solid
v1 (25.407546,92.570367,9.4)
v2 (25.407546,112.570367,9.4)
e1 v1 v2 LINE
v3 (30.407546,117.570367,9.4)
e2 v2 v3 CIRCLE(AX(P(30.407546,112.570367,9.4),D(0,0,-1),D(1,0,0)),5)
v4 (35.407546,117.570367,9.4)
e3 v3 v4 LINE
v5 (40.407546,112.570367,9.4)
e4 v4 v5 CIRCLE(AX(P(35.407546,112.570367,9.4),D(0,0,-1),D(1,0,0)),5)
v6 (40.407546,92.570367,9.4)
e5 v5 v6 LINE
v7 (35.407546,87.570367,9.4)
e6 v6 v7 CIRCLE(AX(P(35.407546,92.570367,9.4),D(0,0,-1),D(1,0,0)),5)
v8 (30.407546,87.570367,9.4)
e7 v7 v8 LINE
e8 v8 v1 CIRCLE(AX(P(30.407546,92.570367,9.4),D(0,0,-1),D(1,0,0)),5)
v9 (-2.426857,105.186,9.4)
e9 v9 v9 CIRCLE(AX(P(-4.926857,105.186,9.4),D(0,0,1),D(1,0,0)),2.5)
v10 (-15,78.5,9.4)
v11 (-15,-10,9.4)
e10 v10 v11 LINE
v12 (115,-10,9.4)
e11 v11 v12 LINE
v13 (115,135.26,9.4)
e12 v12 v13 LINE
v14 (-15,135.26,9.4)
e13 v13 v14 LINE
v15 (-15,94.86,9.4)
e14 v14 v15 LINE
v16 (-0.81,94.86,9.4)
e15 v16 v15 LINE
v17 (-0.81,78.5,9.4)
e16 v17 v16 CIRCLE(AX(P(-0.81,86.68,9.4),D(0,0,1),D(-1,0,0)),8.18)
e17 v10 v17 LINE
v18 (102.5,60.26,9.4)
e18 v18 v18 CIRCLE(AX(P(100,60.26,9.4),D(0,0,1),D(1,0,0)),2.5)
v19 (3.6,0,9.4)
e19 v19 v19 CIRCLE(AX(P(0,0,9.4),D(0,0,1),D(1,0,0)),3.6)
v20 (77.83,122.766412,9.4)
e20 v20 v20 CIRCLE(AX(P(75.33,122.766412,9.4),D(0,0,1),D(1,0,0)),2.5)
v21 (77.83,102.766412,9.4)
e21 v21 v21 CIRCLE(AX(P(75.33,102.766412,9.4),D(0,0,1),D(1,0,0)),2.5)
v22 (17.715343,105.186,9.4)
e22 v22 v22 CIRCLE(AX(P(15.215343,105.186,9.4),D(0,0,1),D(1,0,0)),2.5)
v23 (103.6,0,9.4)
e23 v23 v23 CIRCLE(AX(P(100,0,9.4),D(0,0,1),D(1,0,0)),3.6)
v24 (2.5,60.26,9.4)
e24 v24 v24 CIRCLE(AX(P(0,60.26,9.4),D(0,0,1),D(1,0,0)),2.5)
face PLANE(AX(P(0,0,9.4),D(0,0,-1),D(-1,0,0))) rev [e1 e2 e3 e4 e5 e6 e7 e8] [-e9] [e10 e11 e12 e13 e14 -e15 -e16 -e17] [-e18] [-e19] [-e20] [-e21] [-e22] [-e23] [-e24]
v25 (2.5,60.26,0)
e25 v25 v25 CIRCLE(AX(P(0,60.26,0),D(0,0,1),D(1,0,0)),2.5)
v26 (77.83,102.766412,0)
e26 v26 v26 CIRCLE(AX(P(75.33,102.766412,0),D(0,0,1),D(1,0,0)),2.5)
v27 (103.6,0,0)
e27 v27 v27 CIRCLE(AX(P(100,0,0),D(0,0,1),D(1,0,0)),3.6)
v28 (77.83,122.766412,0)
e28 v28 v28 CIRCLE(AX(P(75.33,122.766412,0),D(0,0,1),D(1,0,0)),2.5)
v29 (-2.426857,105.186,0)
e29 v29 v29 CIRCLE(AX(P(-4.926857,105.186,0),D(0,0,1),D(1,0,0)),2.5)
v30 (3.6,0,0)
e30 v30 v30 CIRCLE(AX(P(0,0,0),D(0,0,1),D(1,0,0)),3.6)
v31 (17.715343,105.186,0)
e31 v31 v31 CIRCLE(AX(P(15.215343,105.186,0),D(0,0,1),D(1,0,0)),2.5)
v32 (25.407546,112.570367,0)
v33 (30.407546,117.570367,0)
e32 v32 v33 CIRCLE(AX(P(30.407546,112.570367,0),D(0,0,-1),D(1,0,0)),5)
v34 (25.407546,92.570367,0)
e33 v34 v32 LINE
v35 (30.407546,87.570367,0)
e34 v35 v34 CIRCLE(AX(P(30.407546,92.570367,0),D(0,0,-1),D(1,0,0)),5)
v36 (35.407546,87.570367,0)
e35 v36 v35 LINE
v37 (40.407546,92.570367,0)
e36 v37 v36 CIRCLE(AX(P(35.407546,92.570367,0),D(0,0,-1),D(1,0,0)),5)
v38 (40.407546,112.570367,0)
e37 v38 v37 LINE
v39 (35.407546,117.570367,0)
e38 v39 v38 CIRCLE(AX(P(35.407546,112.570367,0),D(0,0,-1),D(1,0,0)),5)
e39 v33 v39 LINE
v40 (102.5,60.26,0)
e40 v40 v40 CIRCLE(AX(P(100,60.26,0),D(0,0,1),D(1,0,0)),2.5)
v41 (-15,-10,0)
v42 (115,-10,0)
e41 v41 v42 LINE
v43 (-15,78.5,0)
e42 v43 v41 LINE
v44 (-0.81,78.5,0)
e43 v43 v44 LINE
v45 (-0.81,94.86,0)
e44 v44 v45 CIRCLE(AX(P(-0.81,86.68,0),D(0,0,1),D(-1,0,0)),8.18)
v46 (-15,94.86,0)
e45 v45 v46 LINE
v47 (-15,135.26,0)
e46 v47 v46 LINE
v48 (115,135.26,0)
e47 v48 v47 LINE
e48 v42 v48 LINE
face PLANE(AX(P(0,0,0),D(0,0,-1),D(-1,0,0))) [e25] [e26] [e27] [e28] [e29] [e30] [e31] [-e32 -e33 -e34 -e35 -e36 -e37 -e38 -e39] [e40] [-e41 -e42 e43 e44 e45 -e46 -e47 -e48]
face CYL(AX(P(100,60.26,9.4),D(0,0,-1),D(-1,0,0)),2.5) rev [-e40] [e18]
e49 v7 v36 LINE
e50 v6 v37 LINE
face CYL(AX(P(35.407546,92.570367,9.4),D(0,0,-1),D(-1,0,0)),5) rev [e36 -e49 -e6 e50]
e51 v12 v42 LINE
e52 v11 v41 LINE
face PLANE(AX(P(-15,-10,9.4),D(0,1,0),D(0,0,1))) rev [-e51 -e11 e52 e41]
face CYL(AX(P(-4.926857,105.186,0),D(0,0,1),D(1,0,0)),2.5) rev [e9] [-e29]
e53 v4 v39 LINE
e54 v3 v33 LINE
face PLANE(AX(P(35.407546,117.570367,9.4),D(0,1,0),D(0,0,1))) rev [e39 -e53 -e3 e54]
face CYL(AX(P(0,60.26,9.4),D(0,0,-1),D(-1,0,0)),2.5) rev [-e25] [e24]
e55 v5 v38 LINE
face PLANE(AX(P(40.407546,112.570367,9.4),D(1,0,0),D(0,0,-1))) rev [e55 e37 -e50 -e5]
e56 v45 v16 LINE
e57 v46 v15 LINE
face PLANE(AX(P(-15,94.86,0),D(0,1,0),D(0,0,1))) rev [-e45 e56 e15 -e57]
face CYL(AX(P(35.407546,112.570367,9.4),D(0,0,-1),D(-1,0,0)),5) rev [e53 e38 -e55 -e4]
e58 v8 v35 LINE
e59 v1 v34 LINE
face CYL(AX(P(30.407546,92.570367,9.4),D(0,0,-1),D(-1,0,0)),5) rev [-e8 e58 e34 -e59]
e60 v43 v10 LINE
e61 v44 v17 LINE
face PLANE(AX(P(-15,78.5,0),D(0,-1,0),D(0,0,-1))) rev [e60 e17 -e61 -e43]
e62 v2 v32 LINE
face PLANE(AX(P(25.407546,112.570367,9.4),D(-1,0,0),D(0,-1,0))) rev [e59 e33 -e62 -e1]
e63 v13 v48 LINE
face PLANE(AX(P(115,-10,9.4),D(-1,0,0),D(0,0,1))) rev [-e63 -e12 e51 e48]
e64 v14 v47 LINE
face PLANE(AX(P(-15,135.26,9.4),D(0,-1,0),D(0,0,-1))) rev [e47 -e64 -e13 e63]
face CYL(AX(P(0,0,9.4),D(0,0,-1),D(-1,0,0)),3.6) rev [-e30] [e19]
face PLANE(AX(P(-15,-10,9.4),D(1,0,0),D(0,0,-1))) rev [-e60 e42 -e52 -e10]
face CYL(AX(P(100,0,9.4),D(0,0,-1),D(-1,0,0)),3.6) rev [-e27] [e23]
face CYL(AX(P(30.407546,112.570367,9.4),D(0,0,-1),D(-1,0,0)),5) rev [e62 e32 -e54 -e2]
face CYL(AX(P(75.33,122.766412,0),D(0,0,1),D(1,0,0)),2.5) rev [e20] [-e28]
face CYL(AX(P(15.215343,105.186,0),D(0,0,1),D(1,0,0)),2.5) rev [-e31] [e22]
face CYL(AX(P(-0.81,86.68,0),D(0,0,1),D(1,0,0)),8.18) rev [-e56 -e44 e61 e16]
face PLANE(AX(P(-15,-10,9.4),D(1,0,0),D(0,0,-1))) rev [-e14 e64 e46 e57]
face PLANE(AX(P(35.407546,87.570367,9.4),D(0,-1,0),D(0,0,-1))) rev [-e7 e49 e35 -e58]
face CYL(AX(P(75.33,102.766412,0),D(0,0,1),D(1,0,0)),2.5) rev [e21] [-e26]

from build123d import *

# Parameters (mm, degrees)
SKETCH1_W           = 130
SKETCH1_H           = 145.26
SKETCH1_R           = 3.6
SKETCH1_R_2         = 2.5
BOSS_EXTRUDE1_DEPTH = 9.4
SKETCH2_R           = 2.5
CUT_EXTRUDE1_DEPTH  = 10.4
CUT_EXTRUDE2_DEPTH  = 10.4
CUT_EXTRUDE3_DEPTH  = 10.4
SKETCH5_R           = 2.5
CUT_EXTRUDE4_DEPTH  = 10.4


with BuildPart() as part:
    # Sketch1 → Boss-Extrude1 (new body)
    with BuildSketch(Plane.XY):
        with Locations((50, 62.63)):
            Rectangle(SKETCH1_W, SKETCH1_H)
        Circle(SKETCH1_R, mode=Mode.SUBTRACT)
        with Locations((0, 60.26)):
            Circle(SKETCH1_R_2, mode=Mode.SUBTRACT)
        with Locations((100, 60.26)):
            Circle(SKETCH1_R_2, mode=Mode.SUBTRACT)
        with Locations((100, 0)):
            Circle(SKETCH1_R, mode=Mode.SUBTRACT)
    extrude(amount=BOSS_EXTRUDE1_DEPTH)

    # Sketch2 → Cut-Extrude1 (cut, through all)
    with BuildSketch(Plane.XY.offset(9.4)):
        with Locations((75.33, 122.766411568)):
            Circle(SKETCH2_R)
        with Locations((75.33, 102.766411568)):
            Circle(SKETCH2_R)
    extrude(amount=-CUT_EXTRUDE1_DEPTH, mode=Mode.SUBTRACT)

    # Sketch3 → Cut-Extrude2 (cut, through all)
    with BuildSketch(Plane(origin=(0, 0, 0), x_dir=(-1, 0, 0), z_dir=(0, 0, -1))):
        with BuildLine():
            Line((-35.40754614, 117.570367495), (-30.40754614, 117.570367495))
            ThreePointArc((-30.40754614, 117.570367495), (-26.872012234, 116.105901401), (-25.40754614, 112.570367495))
            Line((-25.40754614, 112.570367495), (-25.40754614, 92.570367495))
            ThreePointArc((-25.40754614, 92.570367495), (-26.872012234, 89.034833589), (-30.40754614, 87.570367495))
            Line((-30.40754614, 87.570367495), (-35.40754614, 87.570367495))
            ThreePointArc((-35.40754614, 87.570367495), (-38.943080046, 89.034833589), (-40.40754614, 92.570367495))
            Line((-40.40754614, 92.570367495), (-40.40754614, 112.570367495))
            ThreePointArc((-40.40754614, 112.570367495), (-38.943080046, 116.105901401), (-35.40754614, 117.570367495))
        make_face()
    extrude(amount=-CUT_EXTRUDE2_DEPTH, mode=Mode.SUBTRACT)

    # Sketch4 → Cut-Extrude3 (cut, through all)
    with BuildSketch(Plane.XY.offset(9.4)):
        with BuildLine():
            Line((-15, 78.5), (-15, 94.86))
            Line((-15, 94.86), (-0.81, 94.86))
            ThreePointArc((-0.81, 94.86), (7.37, 86.68), (-0.81, 78.5))
            Line((-0.81, 78.5), (-15, 78.5))
        make_face()
    extrude(amount=-CUT_EXTRUDE3_DEPTH, mode=Mode.SUBTRACT)

    # Sketch5 → Cut-Extrude4 (cut, through all)
    with BuildSketch(Plane.XY.offset(9.4)):
        with Locations((-4.926856844, 105.186)):
            Circle(SKETCH5_R)
        with Locations((15.215343156, 105.186)):
            Circle(SKETCH5_R)
    extrude(amount=-CUT_EXTRUDE4_DEPTH, mode=Mode.SUBTRACT)


solid = part.part
